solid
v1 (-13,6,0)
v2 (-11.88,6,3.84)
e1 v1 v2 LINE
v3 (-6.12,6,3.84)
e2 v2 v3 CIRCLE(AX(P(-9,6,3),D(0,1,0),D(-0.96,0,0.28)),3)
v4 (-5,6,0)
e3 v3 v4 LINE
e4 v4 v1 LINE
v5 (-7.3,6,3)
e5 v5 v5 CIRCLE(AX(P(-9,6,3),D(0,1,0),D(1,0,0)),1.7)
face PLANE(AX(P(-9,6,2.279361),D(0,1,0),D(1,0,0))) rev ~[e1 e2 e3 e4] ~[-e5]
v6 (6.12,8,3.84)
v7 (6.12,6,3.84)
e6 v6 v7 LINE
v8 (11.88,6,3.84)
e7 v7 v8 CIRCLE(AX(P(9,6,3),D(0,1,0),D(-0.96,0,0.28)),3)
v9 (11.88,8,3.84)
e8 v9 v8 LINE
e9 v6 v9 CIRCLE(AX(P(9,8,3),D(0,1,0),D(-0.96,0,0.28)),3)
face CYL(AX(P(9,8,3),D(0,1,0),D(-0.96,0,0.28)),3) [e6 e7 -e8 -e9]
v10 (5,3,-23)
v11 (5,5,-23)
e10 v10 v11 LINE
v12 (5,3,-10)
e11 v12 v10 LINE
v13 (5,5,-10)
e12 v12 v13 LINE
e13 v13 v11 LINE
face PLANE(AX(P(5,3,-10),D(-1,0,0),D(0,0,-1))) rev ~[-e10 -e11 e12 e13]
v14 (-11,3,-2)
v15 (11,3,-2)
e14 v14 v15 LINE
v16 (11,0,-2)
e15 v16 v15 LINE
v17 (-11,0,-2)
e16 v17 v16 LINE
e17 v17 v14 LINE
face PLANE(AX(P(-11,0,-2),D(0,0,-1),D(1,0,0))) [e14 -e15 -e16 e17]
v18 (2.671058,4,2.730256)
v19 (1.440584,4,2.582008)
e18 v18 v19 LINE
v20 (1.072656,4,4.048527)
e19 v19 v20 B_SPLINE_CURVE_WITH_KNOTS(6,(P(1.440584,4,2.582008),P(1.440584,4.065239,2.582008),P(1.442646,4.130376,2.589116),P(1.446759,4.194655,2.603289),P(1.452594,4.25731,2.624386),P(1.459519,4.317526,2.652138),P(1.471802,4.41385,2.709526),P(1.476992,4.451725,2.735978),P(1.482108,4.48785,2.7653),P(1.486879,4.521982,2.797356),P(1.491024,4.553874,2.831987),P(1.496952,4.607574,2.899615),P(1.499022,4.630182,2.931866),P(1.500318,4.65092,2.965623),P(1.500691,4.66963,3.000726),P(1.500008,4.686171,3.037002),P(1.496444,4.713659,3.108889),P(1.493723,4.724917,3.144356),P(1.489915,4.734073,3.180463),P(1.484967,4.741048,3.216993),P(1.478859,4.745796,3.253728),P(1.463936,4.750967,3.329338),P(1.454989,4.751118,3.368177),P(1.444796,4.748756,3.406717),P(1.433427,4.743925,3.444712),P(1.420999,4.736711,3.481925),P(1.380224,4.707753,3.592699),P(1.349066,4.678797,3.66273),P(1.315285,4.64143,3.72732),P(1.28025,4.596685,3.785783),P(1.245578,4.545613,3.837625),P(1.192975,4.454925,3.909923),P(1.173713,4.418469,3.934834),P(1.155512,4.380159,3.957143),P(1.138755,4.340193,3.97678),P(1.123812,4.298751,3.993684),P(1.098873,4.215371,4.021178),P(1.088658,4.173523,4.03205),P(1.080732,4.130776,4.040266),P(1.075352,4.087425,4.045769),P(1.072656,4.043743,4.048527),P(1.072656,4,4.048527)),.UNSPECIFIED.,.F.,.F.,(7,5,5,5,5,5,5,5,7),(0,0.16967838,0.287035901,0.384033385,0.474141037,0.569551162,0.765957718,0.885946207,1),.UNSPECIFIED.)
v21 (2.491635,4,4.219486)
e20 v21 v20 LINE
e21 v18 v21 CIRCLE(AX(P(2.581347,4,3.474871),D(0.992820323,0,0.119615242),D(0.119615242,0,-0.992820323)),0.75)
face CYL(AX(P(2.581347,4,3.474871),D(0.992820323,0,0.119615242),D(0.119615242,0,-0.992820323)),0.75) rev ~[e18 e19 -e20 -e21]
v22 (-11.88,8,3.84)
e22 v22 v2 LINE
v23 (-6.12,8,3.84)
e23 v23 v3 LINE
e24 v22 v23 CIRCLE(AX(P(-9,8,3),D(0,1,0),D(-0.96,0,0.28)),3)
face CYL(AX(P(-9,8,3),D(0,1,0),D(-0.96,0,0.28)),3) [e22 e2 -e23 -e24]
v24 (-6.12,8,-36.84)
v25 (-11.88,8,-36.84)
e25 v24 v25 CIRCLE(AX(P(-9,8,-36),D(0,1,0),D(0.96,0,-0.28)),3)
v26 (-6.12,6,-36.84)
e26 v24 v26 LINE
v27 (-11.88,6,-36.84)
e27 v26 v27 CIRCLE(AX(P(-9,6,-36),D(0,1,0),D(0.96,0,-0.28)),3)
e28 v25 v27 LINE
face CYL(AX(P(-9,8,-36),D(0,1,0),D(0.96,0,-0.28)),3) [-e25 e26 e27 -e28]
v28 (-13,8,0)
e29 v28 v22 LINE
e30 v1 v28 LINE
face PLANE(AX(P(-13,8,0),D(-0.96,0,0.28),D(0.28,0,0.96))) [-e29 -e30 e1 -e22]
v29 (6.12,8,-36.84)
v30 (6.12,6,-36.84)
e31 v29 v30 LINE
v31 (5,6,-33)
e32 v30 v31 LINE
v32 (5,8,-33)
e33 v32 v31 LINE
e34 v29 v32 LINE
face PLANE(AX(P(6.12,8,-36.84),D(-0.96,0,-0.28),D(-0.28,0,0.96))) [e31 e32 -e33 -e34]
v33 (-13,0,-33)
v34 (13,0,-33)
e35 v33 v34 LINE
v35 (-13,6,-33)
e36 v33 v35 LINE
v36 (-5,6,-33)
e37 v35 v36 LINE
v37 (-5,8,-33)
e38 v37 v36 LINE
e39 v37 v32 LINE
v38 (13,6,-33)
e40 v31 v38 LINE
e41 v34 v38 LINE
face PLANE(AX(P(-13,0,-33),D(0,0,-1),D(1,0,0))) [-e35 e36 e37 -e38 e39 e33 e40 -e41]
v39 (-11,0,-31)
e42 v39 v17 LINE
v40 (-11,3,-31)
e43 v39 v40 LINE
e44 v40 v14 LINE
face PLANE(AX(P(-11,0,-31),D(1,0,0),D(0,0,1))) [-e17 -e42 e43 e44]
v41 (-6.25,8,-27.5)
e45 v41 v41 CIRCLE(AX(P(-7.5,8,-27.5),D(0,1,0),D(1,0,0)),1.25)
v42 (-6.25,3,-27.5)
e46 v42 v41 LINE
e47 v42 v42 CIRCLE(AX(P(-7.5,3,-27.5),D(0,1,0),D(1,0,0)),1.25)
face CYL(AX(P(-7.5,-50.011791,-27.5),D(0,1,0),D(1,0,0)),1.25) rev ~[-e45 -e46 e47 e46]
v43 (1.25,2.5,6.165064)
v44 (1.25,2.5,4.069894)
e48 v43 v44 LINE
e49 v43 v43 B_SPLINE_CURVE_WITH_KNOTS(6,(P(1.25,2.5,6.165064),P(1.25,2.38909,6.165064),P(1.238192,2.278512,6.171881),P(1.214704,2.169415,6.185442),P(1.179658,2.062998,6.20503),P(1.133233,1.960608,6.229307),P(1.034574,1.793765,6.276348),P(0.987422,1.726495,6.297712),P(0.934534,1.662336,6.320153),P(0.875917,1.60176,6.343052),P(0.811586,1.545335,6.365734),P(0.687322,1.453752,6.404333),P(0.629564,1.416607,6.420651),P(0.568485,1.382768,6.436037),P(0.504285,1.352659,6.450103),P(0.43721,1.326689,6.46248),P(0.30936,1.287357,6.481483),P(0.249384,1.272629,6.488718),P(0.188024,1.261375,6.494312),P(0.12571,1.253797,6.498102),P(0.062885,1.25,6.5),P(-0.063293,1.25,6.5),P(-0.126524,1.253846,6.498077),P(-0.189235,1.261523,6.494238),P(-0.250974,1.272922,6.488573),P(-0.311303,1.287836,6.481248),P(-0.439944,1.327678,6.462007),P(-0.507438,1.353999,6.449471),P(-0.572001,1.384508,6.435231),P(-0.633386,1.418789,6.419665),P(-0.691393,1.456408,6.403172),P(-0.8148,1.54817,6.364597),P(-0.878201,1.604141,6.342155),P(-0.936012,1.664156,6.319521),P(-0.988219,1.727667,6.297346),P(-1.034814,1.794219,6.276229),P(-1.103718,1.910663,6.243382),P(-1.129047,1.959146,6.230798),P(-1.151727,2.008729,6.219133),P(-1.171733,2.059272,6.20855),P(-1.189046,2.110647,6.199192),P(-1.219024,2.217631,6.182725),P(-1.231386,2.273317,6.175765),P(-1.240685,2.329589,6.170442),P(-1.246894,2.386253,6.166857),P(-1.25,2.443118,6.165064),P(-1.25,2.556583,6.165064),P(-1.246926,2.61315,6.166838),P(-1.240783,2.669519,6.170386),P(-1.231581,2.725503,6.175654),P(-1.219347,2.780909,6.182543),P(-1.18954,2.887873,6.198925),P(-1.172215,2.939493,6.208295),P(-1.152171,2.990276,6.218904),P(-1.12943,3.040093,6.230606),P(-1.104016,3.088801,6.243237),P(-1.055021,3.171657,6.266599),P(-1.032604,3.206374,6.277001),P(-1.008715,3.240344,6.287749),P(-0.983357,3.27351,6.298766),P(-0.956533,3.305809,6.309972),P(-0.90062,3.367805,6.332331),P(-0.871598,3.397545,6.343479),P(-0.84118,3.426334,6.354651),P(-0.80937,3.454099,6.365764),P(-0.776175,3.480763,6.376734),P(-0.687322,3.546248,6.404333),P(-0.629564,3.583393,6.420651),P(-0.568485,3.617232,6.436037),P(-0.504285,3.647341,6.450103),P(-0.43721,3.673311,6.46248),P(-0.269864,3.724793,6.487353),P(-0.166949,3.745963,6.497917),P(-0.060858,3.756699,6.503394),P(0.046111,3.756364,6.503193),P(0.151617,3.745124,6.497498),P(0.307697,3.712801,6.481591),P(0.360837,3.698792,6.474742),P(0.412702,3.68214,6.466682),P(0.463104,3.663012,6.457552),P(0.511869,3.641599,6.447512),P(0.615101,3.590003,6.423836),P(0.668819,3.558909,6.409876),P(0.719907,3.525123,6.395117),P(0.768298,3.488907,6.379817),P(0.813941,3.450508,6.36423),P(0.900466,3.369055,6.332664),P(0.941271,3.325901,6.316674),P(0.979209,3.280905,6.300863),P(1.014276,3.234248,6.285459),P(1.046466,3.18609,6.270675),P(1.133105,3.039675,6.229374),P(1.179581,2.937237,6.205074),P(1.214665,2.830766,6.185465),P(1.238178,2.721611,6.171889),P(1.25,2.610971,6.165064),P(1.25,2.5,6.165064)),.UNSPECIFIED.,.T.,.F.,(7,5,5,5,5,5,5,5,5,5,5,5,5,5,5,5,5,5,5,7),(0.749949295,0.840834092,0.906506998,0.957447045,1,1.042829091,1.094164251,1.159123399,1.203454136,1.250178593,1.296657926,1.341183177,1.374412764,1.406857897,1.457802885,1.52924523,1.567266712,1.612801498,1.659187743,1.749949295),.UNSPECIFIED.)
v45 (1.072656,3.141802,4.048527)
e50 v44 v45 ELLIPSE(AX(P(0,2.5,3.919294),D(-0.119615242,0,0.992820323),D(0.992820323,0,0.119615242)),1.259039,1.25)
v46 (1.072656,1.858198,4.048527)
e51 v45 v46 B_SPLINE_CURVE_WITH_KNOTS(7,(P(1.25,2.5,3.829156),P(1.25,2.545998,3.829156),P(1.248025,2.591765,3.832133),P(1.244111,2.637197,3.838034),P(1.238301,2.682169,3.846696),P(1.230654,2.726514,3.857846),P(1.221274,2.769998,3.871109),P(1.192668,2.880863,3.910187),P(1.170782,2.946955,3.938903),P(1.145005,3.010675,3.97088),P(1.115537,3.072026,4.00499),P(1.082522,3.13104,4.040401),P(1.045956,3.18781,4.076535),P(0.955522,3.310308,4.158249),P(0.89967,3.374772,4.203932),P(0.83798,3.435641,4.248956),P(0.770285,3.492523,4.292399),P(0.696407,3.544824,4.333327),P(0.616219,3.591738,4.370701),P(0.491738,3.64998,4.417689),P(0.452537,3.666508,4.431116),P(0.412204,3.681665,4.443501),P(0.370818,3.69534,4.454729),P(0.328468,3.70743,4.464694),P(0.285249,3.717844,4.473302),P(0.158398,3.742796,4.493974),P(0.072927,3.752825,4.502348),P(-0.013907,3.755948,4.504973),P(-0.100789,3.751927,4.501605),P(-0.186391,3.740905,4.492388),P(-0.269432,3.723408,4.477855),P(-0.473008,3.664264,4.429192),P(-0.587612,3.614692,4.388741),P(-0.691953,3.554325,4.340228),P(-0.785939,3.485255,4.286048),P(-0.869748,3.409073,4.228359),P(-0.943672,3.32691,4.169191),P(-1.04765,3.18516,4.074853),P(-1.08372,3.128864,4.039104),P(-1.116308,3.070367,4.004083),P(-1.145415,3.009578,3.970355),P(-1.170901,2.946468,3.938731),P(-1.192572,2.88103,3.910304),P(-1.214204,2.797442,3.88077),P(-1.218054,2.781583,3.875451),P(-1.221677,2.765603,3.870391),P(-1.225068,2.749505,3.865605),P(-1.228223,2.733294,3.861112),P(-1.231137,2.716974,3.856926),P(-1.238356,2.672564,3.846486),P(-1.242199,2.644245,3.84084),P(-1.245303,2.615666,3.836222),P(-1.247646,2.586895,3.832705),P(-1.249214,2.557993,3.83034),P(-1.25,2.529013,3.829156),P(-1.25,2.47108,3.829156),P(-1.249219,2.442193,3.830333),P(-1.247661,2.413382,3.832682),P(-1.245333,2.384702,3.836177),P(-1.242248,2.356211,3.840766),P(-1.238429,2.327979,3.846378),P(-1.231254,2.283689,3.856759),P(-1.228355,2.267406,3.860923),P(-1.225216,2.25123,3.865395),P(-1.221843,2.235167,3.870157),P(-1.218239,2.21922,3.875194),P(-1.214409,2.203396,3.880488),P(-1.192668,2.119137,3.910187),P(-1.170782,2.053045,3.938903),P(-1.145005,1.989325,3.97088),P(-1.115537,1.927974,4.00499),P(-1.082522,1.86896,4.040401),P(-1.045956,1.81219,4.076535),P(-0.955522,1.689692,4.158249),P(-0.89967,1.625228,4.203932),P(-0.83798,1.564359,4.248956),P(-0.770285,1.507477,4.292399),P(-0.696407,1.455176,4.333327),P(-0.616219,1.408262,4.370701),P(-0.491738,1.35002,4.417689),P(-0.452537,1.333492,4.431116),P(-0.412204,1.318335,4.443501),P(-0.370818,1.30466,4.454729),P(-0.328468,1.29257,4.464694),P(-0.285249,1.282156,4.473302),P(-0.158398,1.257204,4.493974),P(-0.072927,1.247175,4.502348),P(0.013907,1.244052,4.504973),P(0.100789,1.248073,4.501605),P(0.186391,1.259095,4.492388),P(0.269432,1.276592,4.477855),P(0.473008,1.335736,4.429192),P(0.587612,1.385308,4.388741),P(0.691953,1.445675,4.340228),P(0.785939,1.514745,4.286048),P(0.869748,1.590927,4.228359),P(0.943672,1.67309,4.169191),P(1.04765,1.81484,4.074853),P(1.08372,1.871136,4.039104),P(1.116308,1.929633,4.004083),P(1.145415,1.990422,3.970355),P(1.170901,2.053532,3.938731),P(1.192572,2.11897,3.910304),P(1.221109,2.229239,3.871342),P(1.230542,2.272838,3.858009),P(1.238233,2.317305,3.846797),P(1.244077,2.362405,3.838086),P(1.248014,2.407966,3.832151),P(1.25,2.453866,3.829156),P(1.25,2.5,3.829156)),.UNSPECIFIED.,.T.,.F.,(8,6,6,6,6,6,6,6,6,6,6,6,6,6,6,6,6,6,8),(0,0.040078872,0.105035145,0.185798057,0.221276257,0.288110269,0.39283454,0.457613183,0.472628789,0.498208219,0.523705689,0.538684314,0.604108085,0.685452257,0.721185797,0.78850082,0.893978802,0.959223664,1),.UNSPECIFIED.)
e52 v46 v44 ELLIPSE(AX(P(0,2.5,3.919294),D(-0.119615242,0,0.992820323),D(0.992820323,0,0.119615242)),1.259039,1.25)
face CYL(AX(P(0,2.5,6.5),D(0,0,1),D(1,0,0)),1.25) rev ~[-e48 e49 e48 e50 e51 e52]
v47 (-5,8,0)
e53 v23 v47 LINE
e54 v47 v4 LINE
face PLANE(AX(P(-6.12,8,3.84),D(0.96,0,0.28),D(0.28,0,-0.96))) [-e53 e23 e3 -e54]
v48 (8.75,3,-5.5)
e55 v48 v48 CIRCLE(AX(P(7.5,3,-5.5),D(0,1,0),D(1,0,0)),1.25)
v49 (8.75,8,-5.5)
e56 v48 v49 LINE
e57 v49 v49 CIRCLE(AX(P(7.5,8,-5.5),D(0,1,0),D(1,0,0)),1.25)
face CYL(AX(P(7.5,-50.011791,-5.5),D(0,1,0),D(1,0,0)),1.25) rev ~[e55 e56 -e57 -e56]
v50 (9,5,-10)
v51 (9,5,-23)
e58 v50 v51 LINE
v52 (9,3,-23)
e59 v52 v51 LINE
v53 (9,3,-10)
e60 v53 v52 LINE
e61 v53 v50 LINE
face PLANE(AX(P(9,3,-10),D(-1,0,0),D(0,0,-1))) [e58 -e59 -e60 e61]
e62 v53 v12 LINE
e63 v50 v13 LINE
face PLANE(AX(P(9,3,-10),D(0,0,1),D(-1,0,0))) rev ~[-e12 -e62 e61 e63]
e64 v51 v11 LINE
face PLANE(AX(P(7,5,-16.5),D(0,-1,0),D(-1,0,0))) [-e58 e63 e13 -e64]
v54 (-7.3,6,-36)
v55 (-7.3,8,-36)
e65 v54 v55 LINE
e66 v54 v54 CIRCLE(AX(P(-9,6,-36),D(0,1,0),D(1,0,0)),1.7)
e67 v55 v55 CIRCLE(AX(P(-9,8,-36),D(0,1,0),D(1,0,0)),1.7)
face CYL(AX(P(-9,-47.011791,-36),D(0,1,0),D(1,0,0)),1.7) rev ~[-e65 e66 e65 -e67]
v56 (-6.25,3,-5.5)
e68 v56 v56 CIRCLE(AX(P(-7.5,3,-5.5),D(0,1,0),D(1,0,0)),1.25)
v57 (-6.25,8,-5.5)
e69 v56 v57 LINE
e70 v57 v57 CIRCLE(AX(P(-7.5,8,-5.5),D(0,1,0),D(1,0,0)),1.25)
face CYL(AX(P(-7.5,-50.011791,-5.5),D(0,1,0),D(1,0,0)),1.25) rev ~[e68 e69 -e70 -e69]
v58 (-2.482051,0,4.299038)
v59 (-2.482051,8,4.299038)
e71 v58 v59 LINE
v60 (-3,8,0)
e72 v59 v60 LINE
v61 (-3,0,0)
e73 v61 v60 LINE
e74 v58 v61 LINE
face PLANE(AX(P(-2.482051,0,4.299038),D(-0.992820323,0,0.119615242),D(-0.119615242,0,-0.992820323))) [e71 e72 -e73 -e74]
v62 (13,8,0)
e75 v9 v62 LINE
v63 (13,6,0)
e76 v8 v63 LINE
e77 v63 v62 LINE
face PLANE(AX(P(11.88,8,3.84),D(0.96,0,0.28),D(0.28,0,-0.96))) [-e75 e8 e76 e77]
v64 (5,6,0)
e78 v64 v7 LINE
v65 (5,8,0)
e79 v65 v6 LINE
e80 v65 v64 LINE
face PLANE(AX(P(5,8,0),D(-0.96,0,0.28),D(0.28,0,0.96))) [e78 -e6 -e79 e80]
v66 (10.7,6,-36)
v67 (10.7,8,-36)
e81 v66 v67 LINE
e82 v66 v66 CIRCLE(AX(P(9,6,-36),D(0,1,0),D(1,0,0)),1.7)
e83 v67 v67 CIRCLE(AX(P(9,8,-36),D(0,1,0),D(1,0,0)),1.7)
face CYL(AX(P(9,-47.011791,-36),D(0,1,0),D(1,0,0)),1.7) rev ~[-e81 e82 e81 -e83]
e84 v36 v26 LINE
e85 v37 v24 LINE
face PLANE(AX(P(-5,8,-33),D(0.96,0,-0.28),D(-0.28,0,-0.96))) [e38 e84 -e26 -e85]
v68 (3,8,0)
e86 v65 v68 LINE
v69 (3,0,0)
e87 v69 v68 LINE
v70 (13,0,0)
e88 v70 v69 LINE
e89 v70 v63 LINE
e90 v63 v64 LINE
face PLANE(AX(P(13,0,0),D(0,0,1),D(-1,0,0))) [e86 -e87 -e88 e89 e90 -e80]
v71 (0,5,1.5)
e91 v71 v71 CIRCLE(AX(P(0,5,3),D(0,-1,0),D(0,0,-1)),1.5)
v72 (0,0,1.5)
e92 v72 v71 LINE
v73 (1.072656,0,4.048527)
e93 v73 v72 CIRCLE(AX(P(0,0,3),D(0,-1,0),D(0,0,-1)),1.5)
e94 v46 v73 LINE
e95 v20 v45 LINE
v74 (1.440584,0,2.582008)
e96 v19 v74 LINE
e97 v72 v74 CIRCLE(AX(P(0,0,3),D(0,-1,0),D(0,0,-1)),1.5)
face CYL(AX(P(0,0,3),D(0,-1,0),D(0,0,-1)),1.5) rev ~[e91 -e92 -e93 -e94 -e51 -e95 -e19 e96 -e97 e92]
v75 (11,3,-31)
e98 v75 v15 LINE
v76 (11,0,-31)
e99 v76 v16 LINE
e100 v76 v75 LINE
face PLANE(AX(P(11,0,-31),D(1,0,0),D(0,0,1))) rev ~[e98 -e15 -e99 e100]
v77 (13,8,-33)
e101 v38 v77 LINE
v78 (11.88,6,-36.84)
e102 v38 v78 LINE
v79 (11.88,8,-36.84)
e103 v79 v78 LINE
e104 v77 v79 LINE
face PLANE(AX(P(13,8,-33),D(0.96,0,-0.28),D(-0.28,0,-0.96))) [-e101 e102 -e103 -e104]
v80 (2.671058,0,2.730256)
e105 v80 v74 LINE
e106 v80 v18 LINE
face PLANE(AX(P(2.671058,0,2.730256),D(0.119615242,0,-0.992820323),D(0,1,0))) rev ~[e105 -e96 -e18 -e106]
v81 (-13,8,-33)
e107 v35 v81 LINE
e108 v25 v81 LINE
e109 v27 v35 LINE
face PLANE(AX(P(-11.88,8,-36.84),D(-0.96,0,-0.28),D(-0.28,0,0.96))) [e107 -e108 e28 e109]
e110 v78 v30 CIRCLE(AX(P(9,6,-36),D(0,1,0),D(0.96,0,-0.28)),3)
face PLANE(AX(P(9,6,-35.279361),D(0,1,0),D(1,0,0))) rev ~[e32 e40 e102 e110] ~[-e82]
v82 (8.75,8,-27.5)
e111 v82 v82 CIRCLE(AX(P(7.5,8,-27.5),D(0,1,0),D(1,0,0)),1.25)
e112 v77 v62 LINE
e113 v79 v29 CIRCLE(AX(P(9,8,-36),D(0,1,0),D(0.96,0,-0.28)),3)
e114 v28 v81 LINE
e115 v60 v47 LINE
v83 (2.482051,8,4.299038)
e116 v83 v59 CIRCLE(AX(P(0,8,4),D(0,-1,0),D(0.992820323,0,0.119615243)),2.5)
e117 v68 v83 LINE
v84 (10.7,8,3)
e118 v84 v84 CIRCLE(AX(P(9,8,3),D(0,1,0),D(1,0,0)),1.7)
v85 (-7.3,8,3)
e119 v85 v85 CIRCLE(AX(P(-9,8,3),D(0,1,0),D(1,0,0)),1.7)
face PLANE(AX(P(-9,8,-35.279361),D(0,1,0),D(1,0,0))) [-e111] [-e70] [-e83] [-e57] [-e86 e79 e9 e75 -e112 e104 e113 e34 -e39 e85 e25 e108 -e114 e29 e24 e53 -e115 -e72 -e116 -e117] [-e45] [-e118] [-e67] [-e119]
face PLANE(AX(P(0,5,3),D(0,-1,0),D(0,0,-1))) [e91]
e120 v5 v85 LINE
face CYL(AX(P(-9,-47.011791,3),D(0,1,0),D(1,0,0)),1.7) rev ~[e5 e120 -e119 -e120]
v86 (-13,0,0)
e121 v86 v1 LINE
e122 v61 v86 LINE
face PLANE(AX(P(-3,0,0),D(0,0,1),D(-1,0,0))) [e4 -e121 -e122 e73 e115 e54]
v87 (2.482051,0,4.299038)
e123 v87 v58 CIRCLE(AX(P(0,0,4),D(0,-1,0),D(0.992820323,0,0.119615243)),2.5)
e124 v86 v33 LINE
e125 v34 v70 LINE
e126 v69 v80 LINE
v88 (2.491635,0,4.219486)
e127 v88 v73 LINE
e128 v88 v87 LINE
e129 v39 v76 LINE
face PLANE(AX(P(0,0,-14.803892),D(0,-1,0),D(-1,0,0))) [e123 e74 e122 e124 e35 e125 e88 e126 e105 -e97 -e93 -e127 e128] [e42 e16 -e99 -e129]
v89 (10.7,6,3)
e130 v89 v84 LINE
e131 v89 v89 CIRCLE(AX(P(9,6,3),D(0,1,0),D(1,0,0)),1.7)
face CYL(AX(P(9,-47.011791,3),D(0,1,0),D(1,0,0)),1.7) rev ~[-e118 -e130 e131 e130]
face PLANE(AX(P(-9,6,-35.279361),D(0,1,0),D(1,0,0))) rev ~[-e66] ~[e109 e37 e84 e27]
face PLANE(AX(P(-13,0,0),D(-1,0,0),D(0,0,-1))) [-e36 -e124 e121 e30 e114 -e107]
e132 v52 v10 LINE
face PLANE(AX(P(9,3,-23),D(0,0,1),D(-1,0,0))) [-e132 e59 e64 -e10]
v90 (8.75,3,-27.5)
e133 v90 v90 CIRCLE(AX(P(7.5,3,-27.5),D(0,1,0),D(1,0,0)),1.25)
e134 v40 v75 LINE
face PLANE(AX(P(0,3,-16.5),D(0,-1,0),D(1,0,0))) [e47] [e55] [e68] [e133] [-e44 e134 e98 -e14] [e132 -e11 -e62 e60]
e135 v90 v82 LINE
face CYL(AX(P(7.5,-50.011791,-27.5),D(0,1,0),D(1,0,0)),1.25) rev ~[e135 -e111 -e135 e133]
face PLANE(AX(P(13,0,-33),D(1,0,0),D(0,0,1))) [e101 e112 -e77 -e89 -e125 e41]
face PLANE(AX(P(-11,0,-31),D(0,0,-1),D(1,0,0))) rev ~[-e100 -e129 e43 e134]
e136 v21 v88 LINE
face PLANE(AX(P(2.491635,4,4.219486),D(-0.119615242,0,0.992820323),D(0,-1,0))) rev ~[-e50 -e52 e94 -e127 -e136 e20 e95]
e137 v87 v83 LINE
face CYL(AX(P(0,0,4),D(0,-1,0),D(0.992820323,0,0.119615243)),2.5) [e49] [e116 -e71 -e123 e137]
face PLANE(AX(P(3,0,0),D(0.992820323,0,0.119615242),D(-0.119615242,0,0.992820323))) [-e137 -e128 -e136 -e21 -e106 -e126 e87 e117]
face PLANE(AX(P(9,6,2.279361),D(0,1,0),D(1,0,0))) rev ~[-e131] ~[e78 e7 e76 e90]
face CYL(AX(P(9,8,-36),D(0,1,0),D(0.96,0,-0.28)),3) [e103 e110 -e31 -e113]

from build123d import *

# Parameters (mm, degrees)
BOSS_EXTRUDE1_DEPTH              = 8
BOSS_EXTRUDE2_DEPTH              = 2
SKETCH3_W                        = 22
SKETCH3_H                        = 29
CUT_EXTRUDE1_DEPTH               = 3
SKETCH4_R                        = 1.5
CUT_EXTRUDE2_DEPTH               = 5
TAP_DRILL_FOR_M3X0_5_TAP1_REACH  = 49.639
TAP_DRILL_FOR_M3X0_5_TAP1_BORE_R = 1.25
M3_CLEARANCE_HOLE1_D             = 3.4
TAP_DRILL_FOR_M3X0_5_TAP2_D      = 2.5
SKETCH10_W                       = 4
SKETCH10_H                       = 13
CUT_EXTRUDE3_DEPTH               = 2
CUT_EXTRUDE4_REACH               = 45.215


with BuildPart() as part:
    # Sketch1 → Boss-Extrude1 (new body)
    with BuildSketch(Plane(origin=(0, 0, 0), x_dir=(1, 0, 0), z_dir=(0, 1, 0))):
        with BuildLine():
            Line((-2.482050808, -4.299038106), (-3, 0))
            Line((-3, 0), (-13, 0))
            Line((-13, 0), (-13, 33))
            Line((-13, 33), (13, 33))
            Line((13, 33), (13, 0))
            Line((13, 0), (3, 0))
            Line((3, 0), (2.482050808, -4.299038106))
            ThreePointArc((2.482050808, -4.299038106), (0, -6.5), (-2.482050808, -4.299038106))
        make_face()
    extrude(amount=BOSS_EXTRUDE1_DEPTH)

    # Sketch2 → Boss-Extrude2 (add)
    with BuildSketch(Plane(origin=(0, 8, 0), x_dir=(1, 0, 0), z_dir=(0, 1, 0))):
        with BuildLine():
            Line((-11.88, 36.84), (-13, 33))
            Line((-13, 33), (-5, 33))
            Line((-5, 33), (-6.12, 36.84))
            ThreePointArc((-6.12, 36.84), (-9, 39), (-11.88, 36.84))
        make_face()
        with BuildLine():
            Line((5, 33), (13, 33))
            Line((13, 33), (11.88, 36.84))
            ThreePointArc((11.88, 36.84), (9, 39), (6.12, 36.84))
            Line((6.12, 36.84), (5, 33))
        make_face()
        with BuildLine():
            Line((-5, 0), (-13, 0))
            Line((-13, 0), (-11.88, -3.84))
            ThreePointArc((-11.88, -3.84), (-9, -6), (-6.12, -3.84))
            Line((-6.12, -3.84), (-5, 0))
        make_face()
        with BuildLine():
            Line((11.88, -3.84), (13, 0))
            Line((13, 0), (5, 0))
            Line((5, 0), (6.12, -3.84))
            ThreePointArc((6.12, -3.84), (9, -6), (11.88, -3.84))
        make_face()
    extrude(amount=-BOSS_EXTRUDE2_DEPTH)

    # Sketch3 → Cut-Extrude1 (cut)
    with BuildSketch(Plane.XZ):
        with Locations((0, -16.5)):
            Rectangle(SKETCH3_W, SKETCH3_H)
    extrude(amount=-CUT_EXTRUDE1_DEPTH, mode=Mode.SUBTRACT)

    # Sketch4 → Cut-Extrude2 (cut)
    with BuildSketch(Plane(origin=(0, 0, 0), x_dir=(-1, 0, 0), z_dir=(0, -1, 0))):
        with Locations(Location((0, -3, 0), (0, 0, 90))):
            Circle(SKETCH4_R)
    extrude(amount=-CUT_EXTRUDE2_DEPTH, mode=Mode.SUBTRACT)

    # Tap Drill for M3x0.5 Tap1 bore (on position points) → Tap Drill for M3x0.5 Tap1 (cut, up to next)
    with BuildSketch(Plane(origin=(0, 2.5, 6.5), x_dir=(1, 0, 0), z_dir=(0, 0, 1)), mode=Mode.PRIVATE) as tap_drill_for_m3x0_5_tap1_sk1:
        Circle(TAP_DRILL_FOR_M3X0_5_TAP1_BORE_R)
    tap_drill_for_m3x0_5_tap1_tool1 = extrude(tap_drill_for_m3x0_5_tap1_sk1.sketch, amount=-TAP_DRILL_FOR_M3X0_5_TAP1_REACH, mode=Mode.PRIVATE) & part.part
    add(tap_drill_for_m3x0_5_tap1_tool1.solids().sort_by_distance((0, 2.5, 6.5))[0], mode=Mode.SUBTRACT)

    # M3 Clearance Hole1 (through all)
    with Locations(Plane(origin=(0, 6, 0), x_dir=(-1, 0, 0), z_dir=(0, -1, 0))):
        with Locations((9, -3), (-9, -3), (9, 36), (-9, 36)):
            Hole(M3_CLEARANCE_HOLE1_D / 2)

    # Tap Drill for M3x0.5 Tap2 (through all)
    with Locations(Plane(origin=(0, 3, 0), x_dir=(-1, 0, 0), z_dir=(0, -1, 0))):
        with Locations((7.5, 5.5), (7.5, 27.5), (-7.5, 27.5), (-7.5, 5.5)):
            Hole(TAP_DRILL_FOR_M3X0_5_TAP2_D / 2)

    # Sketch10 → Cut-Extrude3 (cut)
    with BuildSketch(Plane(origin=(0, 3, 0), x_dir=(-1, 0, 0), z_dir=(0, -1, 0))):
        with Locations((-7, 16.5)):
            Rectangle(SKETCH10_W, SKETCH10_H)
    extrude(amount=-CUT_EXTRUDE3_DEPTH, mode=Mode.SUBTRACT)

    # Sketch19 → Cut-Extrude4 (cut, up to next)
    with BuildSketch(Plane(origin=(2.957076581, 0, 0.35626933), x_dir=(0.11961524227066314, 0, -0.992820323027551), z_dir=(0.9928203230275511, 0, 0.11961524227066316)), mode=Mode.PRIVATE) as cut_extrude4_sk1:
        with BuildLine():
            Line((-2.391154273, 0), (-2.391154273, 4))
            ThreePointArc((-2.391154273, 4), (-3.141154273, 4.75), (-3.891154273, 4))
            Line((-3.891154273, 4), (-3.891154273, 0))
            Line((-3.891154273, 0), (-2.391154273, 0))
        make_face()
    cut_extrude4_tool1 = extrude(cut_extrude4_sk1.sketch, amount=-CUT_EXTRUDE4_REACH, mode=Mode.PRIVATE) & part.part
    add(cut_extrude4_tool1.solids().sort_by_distance((2.581347, 2.297577, 3.474871))[0], mode=Mode.SUBTRACT)


solid = part.part
